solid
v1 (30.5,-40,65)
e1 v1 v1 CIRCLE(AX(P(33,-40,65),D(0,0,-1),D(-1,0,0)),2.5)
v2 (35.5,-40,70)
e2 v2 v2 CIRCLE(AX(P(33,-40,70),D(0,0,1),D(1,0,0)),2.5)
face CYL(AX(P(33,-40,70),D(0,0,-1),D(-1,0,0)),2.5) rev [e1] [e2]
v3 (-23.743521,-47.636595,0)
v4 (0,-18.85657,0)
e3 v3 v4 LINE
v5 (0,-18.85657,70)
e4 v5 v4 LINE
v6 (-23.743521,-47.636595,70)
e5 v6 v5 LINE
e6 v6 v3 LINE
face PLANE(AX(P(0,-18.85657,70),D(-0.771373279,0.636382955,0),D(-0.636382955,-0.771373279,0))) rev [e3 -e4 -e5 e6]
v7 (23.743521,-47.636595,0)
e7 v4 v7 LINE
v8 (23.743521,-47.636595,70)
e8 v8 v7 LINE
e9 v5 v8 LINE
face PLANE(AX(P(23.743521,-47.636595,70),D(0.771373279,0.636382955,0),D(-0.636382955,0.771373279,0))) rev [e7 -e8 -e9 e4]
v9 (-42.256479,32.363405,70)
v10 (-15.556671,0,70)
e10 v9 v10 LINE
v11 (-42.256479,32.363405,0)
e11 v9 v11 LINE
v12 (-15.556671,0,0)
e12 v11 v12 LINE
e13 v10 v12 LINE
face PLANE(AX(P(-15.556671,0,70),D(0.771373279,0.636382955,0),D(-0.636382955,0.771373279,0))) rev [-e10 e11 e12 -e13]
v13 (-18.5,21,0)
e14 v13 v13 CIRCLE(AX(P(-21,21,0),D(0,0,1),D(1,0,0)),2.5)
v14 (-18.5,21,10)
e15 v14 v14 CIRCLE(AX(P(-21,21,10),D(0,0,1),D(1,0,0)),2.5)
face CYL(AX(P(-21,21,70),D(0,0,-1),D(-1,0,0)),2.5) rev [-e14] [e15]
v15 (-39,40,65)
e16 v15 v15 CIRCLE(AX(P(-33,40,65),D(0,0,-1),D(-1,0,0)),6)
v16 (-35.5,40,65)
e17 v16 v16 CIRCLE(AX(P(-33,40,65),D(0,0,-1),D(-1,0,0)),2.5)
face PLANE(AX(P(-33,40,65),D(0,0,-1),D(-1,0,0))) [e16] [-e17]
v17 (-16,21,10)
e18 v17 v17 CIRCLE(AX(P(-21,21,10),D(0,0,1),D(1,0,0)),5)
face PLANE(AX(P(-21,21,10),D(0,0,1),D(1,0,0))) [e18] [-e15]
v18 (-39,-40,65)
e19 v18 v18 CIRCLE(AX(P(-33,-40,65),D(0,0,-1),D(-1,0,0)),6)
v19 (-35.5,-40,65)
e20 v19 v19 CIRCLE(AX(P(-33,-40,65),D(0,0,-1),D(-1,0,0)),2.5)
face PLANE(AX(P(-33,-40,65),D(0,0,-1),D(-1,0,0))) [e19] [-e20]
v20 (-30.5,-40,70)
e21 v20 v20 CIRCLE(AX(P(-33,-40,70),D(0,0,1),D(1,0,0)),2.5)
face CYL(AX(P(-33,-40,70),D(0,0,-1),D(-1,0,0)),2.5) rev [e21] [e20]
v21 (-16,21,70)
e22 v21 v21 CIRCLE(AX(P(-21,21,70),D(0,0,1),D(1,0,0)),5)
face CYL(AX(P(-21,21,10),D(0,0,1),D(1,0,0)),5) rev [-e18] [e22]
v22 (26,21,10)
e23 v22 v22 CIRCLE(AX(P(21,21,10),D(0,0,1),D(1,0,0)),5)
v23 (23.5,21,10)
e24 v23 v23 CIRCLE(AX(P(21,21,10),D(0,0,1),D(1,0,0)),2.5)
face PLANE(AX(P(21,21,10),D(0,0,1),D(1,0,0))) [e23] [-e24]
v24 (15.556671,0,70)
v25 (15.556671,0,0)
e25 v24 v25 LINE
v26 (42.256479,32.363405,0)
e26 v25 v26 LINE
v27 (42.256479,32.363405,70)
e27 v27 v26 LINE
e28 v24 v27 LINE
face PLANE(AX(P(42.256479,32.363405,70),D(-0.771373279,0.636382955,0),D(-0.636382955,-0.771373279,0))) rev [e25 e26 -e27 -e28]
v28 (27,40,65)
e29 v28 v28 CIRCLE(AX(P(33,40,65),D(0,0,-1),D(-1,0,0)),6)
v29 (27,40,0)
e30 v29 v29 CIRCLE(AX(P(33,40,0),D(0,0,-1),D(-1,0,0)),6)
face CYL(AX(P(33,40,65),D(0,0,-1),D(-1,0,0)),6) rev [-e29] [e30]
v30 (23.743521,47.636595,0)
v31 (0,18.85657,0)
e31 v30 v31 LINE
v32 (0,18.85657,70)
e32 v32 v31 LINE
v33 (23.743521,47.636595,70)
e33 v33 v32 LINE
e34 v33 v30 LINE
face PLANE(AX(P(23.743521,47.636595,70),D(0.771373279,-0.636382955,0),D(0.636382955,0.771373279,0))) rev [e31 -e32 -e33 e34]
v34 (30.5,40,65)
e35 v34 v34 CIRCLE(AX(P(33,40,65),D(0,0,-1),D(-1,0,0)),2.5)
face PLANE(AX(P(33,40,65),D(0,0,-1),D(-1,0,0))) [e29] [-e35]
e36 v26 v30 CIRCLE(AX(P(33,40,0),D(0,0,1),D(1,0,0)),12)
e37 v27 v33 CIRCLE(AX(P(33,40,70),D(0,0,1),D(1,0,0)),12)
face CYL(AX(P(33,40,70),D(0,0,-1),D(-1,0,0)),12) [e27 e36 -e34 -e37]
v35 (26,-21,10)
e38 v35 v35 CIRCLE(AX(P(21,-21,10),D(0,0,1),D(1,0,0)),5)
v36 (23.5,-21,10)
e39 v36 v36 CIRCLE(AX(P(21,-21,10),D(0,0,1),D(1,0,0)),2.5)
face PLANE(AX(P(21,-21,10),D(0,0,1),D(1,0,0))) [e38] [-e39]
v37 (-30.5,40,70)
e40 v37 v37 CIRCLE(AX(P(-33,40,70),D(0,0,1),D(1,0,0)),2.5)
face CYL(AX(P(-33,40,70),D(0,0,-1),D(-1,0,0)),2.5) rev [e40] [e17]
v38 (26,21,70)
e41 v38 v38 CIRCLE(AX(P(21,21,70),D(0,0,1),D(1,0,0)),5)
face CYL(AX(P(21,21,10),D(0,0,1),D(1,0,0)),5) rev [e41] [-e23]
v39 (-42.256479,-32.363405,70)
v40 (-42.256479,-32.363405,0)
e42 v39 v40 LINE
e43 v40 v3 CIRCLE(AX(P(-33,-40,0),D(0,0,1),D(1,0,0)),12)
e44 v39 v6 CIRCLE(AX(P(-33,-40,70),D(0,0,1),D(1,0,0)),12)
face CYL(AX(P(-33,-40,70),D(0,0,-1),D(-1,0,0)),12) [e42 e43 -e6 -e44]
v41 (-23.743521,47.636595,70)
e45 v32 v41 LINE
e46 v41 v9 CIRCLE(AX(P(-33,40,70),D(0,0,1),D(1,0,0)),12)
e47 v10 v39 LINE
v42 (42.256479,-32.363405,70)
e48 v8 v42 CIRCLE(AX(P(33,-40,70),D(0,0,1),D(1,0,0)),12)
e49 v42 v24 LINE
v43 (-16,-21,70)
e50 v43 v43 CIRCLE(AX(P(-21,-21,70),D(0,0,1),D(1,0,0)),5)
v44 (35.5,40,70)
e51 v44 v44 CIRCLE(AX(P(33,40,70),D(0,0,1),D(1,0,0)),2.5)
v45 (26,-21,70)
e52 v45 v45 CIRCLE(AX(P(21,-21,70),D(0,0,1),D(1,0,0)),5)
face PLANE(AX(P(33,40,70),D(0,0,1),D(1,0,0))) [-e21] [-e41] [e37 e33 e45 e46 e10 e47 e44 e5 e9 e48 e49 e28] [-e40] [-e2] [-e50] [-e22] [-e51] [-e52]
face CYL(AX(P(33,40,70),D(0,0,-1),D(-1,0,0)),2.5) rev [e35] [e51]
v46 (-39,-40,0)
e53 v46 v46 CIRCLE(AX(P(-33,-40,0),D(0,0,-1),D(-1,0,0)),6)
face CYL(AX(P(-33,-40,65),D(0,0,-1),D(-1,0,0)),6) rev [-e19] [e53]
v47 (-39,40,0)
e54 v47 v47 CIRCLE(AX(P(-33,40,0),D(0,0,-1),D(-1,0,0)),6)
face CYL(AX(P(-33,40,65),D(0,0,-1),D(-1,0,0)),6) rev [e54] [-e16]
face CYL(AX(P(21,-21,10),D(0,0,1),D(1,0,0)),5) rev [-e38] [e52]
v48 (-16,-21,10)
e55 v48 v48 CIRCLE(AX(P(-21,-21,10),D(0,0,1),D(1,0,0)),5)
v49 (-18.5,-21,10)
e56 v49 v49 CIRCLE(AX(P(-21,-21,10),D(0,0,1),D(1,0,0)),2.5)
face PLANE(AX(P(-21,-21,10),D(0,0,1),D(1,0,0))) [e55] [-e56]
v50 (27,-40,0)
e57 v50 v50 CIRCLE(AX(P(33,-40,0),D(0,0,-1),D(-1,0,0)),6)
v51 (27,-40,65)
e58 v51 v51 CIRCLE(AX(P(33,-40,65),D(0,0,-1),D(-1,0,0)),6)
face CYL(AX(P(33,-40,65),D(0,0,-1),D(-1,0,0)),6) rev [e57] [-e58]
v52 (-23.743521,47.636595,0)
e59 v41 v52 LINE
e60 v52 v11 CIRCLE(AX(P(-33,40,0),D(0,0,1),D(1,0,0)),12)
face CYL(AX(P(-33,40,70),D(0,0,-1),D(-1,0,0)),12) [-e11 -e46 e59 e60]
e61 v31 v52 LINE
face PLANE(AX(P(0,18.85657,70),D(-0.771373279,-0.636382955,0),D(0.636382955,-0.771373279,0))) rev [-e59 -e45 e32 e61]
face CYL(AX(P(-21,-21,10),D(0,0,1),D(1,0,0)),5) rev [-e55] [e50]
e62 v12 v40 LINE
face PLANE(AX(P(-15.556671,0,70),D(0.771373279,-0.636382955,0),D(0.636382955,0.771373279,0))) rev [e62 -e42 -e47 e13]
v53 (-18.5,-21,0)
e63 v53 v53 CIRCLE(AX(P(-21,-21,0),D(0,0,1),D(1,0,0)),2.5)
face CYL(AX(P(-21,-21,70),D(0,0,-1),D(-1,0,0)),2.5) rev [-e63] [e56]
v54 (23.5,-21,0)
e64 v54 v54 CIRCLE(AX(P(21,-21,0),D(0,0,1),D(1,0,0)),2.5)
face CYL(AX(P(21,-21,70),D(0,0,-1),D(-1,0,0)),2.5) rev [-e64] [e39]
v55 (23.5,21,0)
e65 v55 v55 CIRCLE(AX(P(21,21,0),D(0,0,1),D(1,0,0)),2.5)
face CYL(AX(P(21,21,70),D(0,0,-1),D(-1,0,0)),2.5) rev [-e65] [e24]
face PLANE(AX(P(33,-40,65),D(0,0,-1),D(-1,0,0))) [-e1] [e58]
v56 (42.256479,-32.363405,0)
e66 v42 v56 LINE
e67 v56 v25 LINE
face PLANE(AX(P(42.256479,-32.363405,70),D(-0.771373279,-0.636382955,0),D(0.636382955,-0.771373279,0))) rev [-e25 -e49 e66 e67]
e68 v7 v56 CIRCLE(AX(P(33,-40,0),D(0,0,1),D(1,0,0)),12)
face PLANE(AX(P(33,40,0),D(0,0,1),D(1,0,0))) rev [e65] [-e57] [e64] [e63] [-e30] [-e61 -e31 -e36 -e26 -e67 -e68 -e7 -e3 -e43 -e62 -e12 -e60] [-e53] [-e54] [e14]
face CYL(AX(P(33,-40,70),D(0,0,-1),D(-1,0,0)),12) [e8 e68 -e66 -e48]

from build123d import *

# Parameters (mm, degrees)
SKETCH1_R           = 2.5
BOSS_EXTRUDE1_DEPTH = 70
SKETCH2_R           = 5
CUT_EXTRUDE1_DEPTH  = 60
SKETCH3_R           = 6
CUT_EXTRUDE2_DEPTH  = 65


with BuildPart() as part:
    # Sketch1 → Boss-Extrude1 (new body)
    with BuildSketch(Plane.XY):
        with BuildLine():
            Line((42.256479342, 32.363404542), (15.556670595, 0))
            Line((15.556670595, 0), (42.256479342, -32.363404542))
            ThreePointArc((42.256479342, -32.363404542), (40.636595458, -49.256479342), (23.743520658, -47.636595458))
            Line((23.743520658, -47.636595458), (0, -18.856570418))
            Line((0, -18.856570418), (-23.743520658, -47.636595458))
            ThreePointArc((-23.743520658, -47.636595458), (-40.636595458, -49.256479342), (-42.256479342, -32.363404542))
            Line((-42.256479342, -32.363404542), (-15.556670595, 0))
            Line((-15.556670595, 0), (-42.256479342, 32.363404542))
            ThreePointArc((-42.256479342, 32.363404542), (-40.636595458, 49.256479342), (-23.743520658, 47.636595458))
            Line((-23.743520658, 47.636595458), (0, 18.856570418))
            Line((0, 18.856570418), (23.743520658, 47.636595458))
            ThreePointArc((23.743520658, 47.636595458), (40.636595458, 49.256479342), (42.256479342, 32.363404542))
        make_face()
        with Locations((-33, 40)):
            Circle(SKETCH1_R, mode=Mode.SUBTRACT)
        with Locations((33, 40)):
            Circle(SKETCH1_R, mode=Mode.SUBTRACT)
        with Locations((-21, 21)):
            Circle(SKETCH1_R, mode=Mode.SUBTRACT)
        with Locations((21, 21)):
            Circle(SKETCH1_R, mode=Mode.SUBTRACT)
        with Locations((21, -21)):
            Circle(SKETCH1_R, mode=Mode.SUBTRACT)
        with Locations((-21, -21)):
            Circle(SKETCH1_R, mode=Mode.SUBTRACT)
        with Locations((-33, -40)):
            Circle(SKETCH1_R, mode=Mode.SUBTRACT)
        with Locations((33, -40)):
            Circle(SKETCH1_R, mode=Mode.SUBTRACT)
    extrude(amount=BOSS_EXTRUDE1_DEPTH)

    # Sketch2 → Cut-Extrude1 (cut)
    with BuildSketch(Plane.XY.offset(70)):
        with Locations((-21, -21)):
            Circle(SKETCH2_R)
        with Locations((-21, 21)):
            Circle(SKETCH2_R)
        with Locations((21, 21)):
            Circle(SKETCH2_R)
        with Locations((21, -21)):
            Circle(SKETCH2_R)
    extrude(amount=-CUT_EXTRUDE1_DEPTH, mode=Mode.SUBTRACT)

    # Sketch3 → Cut-Extrude2 (cut)
    with BuildSketch(Plane(origin=(0, 0, 0), x_dir=(-1, 0, 0), z_dir=(0, 0, -1))):
        with Locations((33, 40)):
            Circle(SKETCH3_R)
        with Locations((33, -40)):
            Circle(SKETCH3_R)
        with Locations((-33, 40)):
            Circle(SKETCH3_R)
        with Locations((-33, -40)):
            Circle(SKETCH3_R)
    extrude(amount=-CUT_EXTRUDE2_DEPTH, mode=Mode.SUBTRACT)


solid = part.part
